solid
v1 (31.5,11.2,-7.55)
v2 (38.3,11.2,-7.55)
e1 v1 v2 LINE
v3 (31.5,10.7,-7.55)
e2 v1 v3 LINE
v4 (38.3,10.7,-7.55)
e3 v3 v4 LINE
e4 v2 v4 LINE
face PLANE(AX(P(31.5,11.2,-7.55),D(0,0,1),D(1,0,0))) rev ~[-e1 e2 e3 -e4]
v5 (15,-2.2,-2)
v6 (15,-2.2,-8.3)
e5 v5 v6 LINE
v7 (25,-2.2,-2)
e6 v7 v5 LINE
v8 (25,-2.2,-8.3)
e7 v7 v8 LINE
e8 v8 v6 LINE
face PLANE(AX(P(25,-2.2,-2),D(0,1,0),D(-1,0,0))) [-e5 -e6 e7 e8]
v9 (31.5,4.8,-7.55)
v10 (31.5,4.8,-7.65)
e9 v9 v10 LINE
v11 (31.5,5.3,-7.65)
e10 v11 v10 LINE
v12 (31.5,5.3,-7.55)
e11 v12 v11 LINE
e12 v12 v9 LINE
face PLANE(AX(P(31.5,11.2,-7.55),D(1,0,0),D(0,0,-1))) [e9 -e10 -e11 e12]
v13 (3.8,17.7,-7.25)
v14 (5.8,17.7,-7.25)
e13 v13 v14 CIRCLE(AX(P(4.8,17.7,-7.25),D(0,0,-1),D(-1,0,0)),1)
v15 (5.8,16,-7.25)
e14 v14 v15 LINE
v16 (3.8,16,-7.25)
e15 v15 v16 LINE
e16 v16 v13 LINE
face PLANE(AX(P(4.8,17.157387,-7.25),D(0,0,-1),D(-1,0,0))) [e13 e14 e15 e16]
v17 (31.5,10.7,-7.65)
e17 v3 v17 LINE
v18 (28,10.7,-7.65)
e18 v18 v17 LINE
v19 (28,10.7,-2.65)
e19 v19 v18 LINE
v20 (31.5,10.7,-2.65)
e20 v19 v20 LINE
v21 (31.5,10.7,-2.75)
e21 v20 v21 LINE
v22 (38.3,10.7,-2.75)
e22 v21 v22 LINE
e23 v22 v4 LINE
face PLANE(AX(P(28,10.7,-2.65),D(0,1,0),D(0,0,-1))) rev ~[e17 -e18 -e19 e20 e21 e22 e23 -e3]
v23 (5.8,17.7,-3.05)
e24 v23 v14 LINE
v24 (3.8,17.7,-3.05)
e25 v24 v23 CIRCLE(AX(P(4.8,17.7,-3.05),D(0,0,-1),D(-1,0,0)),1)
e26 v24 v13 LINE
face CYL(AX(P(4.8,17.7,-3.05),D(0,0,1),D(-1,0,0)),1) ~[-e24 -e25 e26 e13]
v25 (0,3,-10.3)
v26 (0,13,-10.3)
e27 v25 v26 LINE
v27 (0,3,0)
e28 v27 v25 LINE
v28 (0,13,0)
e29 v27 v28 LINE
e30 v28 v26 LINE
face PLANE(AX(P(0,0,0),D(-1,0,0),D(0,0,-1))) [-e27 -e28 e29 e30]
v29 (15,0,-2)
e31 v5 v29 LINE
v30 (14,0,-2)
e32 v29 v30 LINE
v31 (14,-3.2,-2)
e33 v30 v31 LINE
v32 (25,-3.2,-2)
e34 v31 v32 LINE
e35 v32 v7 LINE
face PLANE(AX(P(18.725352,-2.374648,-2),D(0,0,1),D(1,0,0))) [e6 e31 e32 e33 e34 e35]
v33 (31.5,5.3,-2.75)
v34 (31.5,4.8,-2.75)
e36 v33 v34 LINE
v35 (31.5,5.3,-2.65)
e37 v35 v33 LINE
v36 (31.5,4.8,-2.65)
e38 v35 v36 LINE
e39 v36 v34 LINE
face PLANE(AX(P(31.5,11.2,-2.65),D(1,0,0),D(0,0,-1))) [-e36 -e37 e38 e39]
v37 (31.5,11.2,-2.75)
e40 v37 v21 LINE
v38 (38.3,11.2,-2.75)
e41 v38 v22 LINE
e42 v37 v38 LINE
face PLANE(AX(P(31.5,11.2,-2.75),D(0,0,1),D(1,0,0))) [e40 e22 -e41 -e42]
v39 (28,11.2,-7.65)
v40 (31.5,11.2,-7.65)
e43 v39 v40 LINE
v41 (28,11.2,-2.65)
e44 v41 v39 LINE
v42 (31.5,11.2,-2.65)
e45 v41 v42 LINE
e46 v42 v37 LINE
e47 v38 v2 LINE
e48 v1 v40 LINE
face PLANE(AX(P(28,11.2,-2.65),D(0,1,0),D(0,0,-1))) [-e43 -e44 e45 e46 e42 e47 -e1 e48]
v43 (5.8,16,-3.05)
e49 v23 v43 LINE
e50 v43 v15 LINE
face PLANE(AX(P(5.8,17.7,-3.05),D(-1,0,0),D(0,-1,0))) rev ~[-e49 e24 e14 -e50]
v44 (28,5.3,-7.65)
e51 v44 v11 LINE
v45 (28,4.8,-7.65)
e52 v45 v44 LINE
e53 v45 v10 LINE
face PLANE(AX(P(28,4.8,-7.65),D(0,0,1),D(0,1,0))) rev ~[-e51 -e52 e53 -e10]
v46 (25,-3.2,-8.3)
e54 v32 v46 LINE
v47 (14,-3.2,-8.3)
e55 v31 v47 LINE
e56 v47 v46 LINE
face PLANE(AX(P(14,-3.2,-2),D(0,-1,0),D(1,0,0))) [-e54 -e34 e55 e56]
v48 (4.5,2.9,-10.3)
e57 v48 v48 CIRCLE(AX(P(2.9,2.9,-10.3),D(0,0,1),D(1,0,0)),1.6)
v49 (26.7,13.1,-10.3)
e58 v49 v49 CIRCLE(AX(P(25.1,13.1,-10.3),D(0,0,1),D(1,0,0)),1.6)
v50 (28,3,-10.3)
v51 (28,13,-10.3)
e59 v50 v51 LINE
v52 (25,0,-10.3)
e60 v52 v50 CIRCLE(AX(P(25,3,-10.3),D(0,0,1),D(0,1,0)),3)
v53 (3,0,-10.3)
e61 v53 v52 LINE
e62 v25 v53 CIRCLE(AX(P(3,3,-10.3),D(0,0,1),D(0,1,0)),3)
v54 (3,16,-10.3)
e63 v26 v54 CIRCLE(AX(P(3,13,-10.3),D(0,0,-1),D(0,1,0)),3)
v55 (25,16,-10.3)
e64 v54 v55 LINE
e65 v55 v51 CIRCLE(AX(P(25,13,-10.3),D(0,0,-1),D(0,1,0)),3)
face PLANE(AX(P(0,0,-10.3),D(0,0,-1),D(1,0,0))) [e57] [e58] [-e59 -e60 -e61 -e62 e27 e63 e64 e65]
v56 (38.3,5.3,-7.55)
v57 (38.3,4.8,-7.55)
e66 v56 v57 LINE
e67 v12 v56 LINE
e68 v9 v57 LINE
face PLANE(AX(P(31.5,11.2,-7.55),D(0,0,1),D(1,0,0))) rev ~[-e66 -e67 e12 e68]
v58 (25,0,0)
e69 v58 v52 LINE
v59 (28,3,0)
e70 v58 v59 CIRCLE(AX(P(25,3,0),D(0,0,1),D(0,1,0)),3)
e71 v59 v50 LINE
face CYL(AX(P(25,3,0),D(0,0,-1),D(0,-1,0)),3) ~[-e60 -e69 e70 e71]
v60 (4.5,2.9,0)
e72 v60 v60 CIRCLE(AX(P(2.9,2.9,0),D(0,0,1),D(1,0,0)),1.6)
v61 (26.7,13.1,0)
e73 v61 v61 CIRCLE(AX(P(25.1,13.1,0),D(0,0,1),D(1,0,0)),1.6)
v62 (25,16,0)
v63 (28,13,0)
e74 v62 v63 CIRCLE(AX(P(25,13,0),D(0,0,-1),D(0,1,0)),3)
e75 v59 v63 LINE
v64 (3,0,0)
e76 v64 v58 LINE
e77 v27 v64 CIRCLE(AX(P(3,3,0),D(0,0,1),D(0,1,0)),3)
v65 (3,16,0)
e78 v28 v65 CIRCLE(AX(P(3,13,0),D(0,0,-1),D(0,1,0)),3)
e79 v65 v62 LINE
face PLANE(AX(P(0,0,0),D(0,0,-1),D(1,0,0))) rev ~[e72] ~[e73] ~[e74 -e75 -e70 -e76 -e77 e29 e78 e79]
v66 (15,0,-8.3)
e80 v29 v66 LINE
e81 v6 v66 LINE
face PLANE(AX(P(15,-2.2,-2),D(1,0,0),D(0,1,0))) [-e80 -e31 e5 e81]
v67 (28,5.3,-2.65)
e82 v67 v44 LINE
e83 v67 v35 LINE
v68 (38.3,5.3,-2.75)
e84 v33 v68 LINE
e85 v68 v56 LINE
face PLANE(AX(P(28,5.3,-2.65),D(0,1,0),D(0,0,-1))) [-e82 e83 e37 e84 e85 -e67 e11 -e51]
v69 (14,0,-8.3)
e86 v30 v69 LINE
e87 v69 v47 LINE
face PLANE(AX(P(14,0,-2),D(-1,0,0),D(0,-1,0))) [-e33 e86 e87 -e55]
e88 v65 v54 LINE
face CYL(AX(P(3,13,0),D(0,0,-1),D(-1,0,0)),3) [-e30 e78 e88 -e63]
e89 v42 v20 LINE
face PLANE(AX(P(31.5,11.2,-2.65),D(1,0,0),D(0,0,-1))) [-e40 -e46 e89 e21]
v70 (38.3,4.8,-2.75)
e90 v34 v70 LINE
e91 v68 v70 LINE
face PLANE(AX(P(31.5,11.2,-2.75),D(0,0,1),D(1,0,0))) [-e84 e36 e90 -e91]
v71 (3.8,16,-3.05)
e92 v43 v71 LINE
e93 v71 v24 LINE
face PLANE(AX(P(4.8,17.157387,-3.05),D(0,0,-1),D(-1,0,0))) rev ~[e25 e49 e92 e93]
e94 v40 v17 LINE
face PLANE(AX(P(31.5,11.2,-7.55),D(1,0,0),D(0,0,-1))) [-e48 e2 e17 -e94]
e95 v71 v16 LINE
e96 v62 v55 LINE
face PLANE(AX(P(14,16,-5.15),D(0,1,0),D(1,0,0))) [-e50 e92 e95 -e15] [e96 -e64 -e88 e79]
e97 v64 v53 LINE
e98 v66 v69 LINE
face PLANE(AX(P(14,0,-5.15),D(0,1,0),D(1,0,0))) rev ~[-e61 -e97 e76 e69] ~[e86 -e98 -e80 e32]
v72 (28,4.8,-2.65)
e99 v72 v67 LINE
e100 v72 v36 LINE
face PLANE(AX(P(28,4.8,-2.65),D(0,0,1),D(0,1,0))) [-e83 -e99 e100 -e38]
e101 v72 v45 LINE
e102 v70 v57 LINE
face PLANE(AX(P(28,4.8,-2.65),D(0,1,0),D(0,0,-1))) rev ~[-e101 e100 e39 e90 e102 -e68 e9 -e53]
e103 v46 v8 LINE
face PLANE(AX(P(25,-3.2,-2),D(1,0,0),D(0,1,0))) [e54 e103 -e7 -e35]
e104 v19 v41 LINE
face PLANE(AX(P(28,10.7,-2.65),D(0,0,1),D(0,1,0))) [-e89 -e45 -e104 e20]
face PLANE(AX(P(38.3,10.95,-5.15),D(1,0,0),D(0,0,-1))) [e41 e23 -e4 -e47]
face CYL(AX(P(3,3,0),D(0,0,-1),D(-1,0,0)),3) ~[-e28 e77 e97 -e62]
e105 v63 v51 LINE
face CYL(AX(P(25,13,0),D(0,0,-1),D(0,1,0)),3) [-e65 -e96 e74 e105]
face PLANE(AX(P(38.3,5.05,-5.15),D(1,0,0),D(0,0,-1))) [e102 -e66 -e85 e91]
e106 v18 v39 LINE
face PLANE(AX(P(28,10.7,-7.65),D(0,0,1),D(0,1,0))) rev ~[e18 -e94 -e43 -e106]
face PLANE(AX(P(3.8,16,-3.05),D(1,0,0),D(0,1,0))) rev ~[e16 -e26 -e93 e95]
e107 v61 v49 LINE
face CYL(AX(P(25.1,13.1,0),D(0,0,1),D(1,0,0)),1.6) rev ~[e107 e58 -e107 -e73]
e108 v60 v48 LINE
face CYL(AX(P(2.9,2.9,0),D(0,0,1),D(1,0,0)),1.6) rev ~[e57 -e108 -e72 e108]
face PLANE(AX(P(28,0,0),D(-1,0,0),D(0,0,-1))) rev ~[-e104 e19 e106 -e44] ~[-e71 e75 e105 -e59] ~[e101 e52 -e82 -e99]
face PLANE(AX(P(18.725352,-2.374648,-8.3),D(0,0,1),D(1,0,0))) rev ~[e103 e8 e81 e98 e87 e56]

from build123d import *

# Parameters (mm, degrees)
SKETCH_1_W          = 28
SKETCH_1_H          = 10.3
EXTRUDE_1_DEPTH     = 16
SKETCH_2_R          = 1.6
CUT_EXTRUDE_1_DEPTH = 16
FILLET_1_R          = 3
EXTRUDE_START       = -3.05
EXTRUDE_2_DEPTH     = 4.2
SKETCH_4_W          = 5
SKETCH_4_H          = 0.5
EXTRUDE_3_DEPTH     = 10.3
SKETCH_5_W          = 6.8
SKETCH_5_H          = 0.1
CUT_EXTRUDE_2_DEPTH = 12.2
EXTRUDE_START_2     = -2
EXTRUDE_4_DEPTH     = 6.3


with BuildPart() as part:
    # 草图1 → 凸台-拉伸1 (new body)
    with BuildSketch(Plane(origin=(0, 0, 0), x_dir=(1, 0, 0), z_dir=(0, 1, 0))):
        with Locations((14, 5.15)):
            Rectangle(SKETCH_1_W, SKETCH_1_H)
    extrude(amount=EXTRUDE_1_DEPTH)

    # 草图2 → 切除-拉伸1 (cut)
    with BuildSketch(Plane.XY):
        with Locations((2.9, 2.9)):
            Circle(SKETCH_2_R)
        with Locations((25.1, 13.1)):
            Circle(SKETCH_2_R)
    extrude(amount=-CUT_EXTRUDE_1_DEPTH, mode=Mode.SUBTRACT)

    # 圆角1
    fillet_1_edges = [part.edges().sort_by_distance(p)[0] for p in [
        (28, 16, -5.15),
        (0, 16, -5.15),
        (28, 0, -5.15),
        (0, 0, -5.15),
    ]]
    fillet(fillet_1_edges, radius=FILLET_1_R)

    # 草图3 → 凸台-拉伸2 (add)
    with BuildSketch(Plane.XY.offset(EXTRUDE_START)):
        with BuildLine():
            Line((3.8, 16), (3.8, 17.7))
            ThreePointArc((3.8, 17.7), (4.8, 18.7), (5.8, 17.7))
            Line((5.8, 17.7), (5.8, 16))
            Line((5.8, 16), (3.8, 16))
        make_face()
    extrude(amount=-EXTRUDE_2_DEPTH)

    # 草图4 → 凸台-拉伸3 (add)
    with BuildSketch(Plane(origin=(28, 0, 0), x_dir=(0, 0, -1), z_dir=(1, 0, 0))):
        with Locations((5.15, 10.95)):
            Rectangle(SKETCH_4_W, SKETCH_4_H)
        with Locations((5.15, 5.05)):
            Rectangle(SKETCH_4_W, SKETCH_4_H)
    extrude(amount=EXTRUDE_3_DEPTH)

    # 草图5 → 切除-拉伸2 (cut, through all)
    with BuildSketch(Plane(origin=(0, 11.2, 0), x_dir=(1, 0, 0), z_dir=(0, 1, 0))):
        with Locations((34.9, 7.6)):
            Rectangle(SKETCH_5_W, SKETCH_5_H)
        with Locations((34.9, 2.7)):
            Rectangle(SKETCH_5_W, SKETCH_5_H)
    extrude(amount=-CUT_EXTRUDE_2_DEPTH, mode=Mode.SUBTRACT)

    # 草图6 → 凸台-拉伸4 (add)
    with BuildSketch(Plane.XY.offset(EXTRUDE_START_2)):
        Polygon((14, 0), (14, -3.2), (25, -3.2), (25, -2.2), (15, -2.2), (15, 0), align=None)
    extrude(amount=-EXTRUDE_4_DEPTH)


solid = part.part
